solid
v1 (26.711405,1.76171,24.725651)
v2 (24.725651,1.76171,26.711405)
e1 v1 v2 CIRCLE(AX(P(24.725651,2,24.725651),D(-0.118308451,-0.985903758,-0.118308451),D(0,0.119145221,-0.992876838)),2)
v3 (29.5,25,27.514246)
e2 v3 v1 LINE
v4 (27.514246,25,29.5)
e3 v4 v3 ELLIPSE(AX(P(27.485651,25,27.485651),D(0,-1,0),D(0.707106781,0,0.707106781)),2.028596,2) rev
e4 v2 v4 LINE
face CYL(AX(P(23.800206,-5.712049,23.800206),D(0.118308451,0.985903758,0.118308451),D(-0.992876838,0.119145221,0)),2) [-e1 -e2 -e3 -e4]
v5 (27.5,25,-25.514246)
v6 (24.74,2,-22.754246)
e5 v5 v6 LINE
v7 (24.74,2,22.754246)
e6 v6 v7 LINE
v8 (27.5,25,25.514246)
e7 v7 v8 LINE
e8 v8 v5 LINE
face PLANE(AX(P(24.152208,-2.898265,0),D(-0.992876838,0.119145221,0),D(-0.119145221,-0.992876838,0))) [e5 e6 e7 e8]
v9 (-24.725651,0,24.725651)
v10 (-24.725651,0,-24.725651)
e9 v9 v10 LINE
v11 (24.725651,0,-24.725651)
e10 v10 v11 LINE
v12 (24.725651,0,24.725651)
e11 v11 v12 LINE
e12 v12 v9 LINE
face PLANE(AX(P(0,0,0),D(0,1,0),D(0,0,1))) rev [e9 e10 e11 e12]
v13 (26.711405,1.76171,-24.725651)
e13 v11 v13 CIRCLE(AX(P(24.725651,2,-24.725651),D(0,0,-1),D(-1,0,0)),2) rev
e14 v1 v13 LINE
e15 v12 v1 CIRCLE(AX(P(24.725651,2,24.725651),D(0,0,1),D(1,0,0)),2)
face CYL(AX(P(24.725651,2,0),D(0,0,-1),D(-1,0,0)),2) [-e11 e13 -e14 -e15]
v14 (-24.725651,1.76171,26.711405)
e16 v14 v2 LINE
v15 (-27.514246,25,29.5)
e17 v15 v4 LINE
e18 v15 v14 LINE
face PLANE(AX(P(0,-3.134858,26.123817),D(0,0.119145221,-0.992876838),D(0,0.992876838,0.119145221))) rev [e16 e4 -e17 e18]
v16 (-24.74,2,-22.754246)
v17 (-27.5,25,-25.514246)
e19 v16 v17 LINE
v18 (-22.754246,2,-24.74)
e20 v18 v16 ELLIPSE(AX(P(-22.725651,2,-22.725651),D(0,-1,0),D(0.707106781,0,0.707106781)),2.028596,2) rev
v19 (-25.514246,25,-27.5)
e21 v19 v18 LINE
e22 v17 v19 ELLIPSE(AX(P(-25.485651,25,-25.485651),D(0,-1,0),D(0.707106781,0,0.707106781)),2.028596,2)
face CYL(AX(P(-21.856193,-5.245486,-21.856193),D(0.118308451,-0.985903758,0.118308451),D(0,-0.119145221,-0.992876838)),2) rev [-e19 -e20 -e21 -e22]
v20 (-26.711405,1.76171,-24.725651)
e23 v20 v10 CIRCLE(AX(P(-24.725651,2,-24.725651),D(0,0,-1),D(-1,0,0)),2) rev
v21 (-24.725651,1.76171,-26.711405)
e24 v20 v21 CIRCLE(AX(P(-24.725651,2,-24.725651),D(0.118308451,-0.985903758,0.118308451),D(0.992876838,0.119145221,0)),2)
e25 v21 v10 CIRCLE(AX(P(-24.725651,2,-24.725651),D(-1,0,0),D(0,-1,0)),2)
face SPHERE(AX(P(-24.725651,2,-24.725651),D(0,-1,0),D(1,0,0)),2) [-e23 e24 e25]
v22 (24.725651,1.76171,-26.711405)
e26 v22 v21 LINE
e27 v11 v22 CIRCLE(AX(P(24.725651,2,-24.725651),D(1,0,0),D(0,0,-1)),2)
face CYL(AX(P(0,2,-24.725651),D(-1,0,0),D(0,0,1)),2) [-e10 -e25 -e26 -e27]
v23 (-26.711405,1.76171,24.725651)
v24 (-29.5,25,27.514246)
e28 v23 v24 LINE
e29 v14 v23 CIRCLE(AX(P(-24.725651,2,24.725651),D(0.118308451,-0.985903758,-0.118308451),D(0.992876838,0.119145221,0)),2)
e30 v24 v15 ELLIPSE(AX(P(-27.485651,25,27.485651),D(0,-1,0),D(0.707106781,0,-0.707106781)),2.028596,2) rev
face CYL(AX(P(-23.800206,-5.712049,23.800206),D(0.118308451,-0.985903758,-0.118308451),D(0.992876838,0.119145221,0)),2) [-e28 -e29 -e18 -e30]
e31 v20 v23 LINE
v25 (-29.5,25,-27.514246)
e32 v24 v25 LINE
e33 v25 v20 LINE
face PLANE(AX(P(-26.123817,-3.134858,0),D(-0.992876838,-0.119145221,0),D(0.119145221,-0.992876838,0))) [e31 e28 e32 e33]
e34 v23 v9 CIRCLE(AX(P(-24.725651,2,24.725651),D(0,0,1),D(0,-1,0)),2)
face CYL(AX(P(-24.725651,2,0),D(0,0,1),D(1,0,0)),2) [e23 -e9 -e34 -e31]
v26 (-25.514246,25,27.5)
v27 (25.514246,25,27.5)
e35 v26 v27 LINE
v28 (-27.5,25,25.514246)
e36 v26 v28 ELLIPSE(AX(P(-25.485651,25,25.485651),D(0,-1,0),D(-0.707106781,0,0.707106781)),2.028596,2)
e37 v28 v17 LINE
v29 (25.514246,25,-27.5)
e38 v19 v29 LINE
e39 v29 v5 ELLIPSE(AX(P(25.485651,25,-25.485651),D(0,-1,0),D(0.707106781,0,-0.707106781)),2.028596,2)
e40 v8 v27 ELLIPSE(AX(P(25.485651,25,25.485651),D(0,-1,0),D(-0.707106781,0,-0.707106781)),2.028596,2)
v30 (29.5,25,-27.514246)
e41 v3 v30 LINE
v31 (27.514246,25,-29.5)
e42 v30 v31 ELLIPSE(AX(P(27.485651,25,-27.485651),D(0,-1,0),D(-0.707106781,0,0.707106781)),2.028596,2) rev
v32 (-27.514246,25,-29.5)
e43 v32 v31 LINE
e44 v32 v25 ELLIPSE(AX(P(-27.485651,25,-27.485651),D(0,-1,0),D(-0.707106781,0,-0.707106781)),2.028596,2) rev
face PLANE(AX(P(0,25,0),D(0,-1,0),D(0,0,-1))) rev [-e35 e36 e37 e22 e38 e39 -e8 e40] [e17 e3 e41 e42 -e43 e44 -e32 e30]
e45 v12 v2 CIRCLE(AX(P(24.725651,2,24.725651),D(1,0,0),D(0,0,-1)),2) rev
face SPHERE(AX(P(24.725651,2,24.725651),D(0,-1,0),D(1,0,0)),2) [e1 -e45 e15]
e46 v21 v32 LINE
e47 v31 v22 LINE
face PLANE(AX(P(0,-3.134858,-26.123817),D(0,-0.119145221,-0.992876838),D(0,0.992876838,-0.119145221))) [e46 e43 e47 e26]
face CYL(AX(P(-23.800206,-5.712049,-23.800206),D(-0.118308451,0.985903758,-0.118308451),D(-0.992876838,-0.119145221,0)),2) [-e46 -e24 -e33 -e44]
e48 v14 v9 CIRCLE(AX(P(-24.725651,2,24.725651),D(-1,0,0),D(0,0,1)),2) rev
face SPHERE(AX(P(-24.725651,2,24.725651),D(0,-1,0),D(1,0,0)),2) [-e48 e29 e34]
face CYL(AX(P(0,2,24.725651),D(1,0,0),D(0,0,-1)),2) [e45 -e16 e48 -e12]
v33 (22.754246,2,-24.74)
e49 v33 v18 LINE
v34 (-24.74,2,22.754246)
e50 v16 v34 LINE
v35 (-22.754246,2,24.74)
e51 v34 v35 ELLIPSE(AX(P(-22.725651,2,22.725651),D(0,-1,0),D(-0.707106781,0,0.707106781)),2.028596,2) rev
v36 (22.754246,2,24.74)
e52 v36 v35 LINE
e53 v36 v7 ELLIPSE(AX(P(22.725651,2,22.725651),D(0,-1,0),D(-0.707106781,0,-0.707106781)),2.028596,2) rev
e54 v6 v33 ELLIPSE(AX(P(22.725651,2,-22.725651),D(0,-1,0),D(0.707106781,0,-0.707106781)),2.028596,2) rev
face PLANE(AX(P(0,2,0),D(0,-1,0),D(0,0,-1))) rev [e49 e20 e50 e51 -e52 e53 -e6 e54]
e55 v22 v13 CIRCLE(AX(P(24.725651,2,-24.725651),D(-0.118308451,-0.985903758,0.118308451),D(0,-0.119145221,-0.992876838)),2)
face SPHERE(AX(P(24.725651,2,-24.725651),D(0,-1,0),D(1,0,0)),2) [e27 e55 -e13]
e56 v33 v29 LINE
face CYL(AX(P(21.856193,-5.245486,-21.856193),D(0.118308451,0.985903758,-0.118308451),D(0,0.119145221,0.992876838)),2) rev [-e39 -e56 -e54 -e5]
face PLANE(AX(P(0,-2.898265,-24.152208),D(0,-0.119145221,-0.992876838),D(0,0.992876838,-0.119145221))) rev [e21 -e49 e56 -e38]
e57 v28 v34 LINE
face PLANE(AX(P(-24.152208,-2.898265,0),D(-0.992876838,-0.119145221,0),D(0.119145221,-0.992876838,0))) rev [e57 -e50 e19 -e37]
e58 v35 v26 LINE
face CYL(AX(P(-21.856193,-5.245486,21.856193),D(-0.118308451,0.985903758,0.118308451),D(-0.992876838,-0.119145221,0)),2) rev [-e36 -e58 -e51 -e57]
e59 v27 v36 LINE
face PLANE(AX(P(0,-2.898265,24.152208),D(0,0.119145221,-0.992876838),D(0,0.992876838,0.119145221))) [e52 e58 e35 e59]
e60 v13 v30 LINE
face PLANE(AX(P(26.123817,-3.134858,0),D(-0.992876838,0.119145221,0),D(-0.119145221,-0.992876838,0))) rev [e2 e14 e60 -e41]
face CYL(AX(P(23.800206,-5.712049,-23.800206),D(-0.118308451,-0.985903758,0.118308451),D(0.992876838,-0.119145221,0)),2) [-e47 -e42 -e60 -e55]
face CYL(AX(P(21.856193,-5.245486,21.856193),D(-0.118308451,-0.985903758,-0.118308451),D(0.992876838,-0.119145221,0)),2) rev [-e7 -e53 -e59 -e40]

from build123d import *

# Parameters (mm, degrees)
SKETCH4_W           = 53
SKETCH4_H           = 53
BOSS_EXTRUDE3_DEPTH = 2
FILLET1_R           = 2


with BuildPart() as part:
    # Sketch1 → Loft2 section 0
    with BuildSketch(Plane(origin=(0, 0, 0), x_dir=(1, 0, 0), z_dir=(0, 1, 0))):
        with BuildLine():
            Line((-26.5, -26.5), (26.5, -26.5))
            Line((26.5, -26.5), (26.5, 26.5))
            Line((26.5, 26.5), (-26.5, 26.5))
            Line((-26.5, 26.5), (-26.5, -26.5))
        make_face()
    # Sketch3 → Loft2 section 1
    with BuildSketch(Plane(origin=(0, 25, 0), x_dir=(1, 0, 0), z_dir=(0, 1, 0))):
        with BuildLine():
            Line((-29.5, 29.5), (29.5, 29.5))
            Line((29.5, 29.5), (29.5, -29.5))
            Line((29.5, -29.5), (-29.5, -29.5))
            Line((-29.5, -29.5), (-29.5, 29.5))
        make_face()
    loft()

    # Sketch1<198> → Cut-Loft1 section 0
    with BuildSketch(Plane(origin=(0, 0, 0), x_dir=(1, 0, 0), z_dir=(0, 1, 0))):
        with BuildLine():
            Line((-24.5, 24.5), (24.5, 24.5))
            Line((24.5, 24.5), (24.5, -24.5))
            Line((24.5, -24.5), (-24.5, -24.5))
            Line((-24.5, -24.5), (-24.5, 24.5))
        make_face()
    # Sketch3<140> → Cut-Loft1 section 1
    with BuildSketch(Plane(origin=(0, 25, 0), x_dir=(1, 0, 0), z_dir=(0, 1, 0))):
        with BuildLine():
            Line((-27.5, -27.5), (27.5, -27.5))
            Line((27.5, -27.5), (27.5, 27.5))
            Line((27.5, 27.5), (-27.5, 27.5))
            Line((-27.5, 27.5), (-27.5, -27.5))
        make_face()
    loft(mode=Mode.SUBTRACT)

    # Sketch4 → Boss-Extrude3 (add)
    with BuildSketch(Plane.XZ):
        Rectangle(SKETCH4_W, SKETCH4_H)
    extrude(amount=-BOSS_EXTRUDE3_DEPTH)

    # Fillet1
    fillet1_edges = [part.edges().sort_by_distance(p)[0] for p in [
        (-26.12, 13.5, 26.12),
        (-26.12, 13.5, -26.12),
        (26.12, 13.5, 26.12),
        (26.12, 13.5, -26.12),
        (28, 12.5, 28),
        (-28, 12.5, 28),
        (-28, 12.5, -28),
        (28, 12.5, -28),
        (0, 0, 26.5),
        (-26.5, 0, 0),
        (26.5, 0, 0),
        (0, 0, -26.5),
    ]]
    fillet(fillet1_edges, radius=FILLET1_R)


solid = part.part
